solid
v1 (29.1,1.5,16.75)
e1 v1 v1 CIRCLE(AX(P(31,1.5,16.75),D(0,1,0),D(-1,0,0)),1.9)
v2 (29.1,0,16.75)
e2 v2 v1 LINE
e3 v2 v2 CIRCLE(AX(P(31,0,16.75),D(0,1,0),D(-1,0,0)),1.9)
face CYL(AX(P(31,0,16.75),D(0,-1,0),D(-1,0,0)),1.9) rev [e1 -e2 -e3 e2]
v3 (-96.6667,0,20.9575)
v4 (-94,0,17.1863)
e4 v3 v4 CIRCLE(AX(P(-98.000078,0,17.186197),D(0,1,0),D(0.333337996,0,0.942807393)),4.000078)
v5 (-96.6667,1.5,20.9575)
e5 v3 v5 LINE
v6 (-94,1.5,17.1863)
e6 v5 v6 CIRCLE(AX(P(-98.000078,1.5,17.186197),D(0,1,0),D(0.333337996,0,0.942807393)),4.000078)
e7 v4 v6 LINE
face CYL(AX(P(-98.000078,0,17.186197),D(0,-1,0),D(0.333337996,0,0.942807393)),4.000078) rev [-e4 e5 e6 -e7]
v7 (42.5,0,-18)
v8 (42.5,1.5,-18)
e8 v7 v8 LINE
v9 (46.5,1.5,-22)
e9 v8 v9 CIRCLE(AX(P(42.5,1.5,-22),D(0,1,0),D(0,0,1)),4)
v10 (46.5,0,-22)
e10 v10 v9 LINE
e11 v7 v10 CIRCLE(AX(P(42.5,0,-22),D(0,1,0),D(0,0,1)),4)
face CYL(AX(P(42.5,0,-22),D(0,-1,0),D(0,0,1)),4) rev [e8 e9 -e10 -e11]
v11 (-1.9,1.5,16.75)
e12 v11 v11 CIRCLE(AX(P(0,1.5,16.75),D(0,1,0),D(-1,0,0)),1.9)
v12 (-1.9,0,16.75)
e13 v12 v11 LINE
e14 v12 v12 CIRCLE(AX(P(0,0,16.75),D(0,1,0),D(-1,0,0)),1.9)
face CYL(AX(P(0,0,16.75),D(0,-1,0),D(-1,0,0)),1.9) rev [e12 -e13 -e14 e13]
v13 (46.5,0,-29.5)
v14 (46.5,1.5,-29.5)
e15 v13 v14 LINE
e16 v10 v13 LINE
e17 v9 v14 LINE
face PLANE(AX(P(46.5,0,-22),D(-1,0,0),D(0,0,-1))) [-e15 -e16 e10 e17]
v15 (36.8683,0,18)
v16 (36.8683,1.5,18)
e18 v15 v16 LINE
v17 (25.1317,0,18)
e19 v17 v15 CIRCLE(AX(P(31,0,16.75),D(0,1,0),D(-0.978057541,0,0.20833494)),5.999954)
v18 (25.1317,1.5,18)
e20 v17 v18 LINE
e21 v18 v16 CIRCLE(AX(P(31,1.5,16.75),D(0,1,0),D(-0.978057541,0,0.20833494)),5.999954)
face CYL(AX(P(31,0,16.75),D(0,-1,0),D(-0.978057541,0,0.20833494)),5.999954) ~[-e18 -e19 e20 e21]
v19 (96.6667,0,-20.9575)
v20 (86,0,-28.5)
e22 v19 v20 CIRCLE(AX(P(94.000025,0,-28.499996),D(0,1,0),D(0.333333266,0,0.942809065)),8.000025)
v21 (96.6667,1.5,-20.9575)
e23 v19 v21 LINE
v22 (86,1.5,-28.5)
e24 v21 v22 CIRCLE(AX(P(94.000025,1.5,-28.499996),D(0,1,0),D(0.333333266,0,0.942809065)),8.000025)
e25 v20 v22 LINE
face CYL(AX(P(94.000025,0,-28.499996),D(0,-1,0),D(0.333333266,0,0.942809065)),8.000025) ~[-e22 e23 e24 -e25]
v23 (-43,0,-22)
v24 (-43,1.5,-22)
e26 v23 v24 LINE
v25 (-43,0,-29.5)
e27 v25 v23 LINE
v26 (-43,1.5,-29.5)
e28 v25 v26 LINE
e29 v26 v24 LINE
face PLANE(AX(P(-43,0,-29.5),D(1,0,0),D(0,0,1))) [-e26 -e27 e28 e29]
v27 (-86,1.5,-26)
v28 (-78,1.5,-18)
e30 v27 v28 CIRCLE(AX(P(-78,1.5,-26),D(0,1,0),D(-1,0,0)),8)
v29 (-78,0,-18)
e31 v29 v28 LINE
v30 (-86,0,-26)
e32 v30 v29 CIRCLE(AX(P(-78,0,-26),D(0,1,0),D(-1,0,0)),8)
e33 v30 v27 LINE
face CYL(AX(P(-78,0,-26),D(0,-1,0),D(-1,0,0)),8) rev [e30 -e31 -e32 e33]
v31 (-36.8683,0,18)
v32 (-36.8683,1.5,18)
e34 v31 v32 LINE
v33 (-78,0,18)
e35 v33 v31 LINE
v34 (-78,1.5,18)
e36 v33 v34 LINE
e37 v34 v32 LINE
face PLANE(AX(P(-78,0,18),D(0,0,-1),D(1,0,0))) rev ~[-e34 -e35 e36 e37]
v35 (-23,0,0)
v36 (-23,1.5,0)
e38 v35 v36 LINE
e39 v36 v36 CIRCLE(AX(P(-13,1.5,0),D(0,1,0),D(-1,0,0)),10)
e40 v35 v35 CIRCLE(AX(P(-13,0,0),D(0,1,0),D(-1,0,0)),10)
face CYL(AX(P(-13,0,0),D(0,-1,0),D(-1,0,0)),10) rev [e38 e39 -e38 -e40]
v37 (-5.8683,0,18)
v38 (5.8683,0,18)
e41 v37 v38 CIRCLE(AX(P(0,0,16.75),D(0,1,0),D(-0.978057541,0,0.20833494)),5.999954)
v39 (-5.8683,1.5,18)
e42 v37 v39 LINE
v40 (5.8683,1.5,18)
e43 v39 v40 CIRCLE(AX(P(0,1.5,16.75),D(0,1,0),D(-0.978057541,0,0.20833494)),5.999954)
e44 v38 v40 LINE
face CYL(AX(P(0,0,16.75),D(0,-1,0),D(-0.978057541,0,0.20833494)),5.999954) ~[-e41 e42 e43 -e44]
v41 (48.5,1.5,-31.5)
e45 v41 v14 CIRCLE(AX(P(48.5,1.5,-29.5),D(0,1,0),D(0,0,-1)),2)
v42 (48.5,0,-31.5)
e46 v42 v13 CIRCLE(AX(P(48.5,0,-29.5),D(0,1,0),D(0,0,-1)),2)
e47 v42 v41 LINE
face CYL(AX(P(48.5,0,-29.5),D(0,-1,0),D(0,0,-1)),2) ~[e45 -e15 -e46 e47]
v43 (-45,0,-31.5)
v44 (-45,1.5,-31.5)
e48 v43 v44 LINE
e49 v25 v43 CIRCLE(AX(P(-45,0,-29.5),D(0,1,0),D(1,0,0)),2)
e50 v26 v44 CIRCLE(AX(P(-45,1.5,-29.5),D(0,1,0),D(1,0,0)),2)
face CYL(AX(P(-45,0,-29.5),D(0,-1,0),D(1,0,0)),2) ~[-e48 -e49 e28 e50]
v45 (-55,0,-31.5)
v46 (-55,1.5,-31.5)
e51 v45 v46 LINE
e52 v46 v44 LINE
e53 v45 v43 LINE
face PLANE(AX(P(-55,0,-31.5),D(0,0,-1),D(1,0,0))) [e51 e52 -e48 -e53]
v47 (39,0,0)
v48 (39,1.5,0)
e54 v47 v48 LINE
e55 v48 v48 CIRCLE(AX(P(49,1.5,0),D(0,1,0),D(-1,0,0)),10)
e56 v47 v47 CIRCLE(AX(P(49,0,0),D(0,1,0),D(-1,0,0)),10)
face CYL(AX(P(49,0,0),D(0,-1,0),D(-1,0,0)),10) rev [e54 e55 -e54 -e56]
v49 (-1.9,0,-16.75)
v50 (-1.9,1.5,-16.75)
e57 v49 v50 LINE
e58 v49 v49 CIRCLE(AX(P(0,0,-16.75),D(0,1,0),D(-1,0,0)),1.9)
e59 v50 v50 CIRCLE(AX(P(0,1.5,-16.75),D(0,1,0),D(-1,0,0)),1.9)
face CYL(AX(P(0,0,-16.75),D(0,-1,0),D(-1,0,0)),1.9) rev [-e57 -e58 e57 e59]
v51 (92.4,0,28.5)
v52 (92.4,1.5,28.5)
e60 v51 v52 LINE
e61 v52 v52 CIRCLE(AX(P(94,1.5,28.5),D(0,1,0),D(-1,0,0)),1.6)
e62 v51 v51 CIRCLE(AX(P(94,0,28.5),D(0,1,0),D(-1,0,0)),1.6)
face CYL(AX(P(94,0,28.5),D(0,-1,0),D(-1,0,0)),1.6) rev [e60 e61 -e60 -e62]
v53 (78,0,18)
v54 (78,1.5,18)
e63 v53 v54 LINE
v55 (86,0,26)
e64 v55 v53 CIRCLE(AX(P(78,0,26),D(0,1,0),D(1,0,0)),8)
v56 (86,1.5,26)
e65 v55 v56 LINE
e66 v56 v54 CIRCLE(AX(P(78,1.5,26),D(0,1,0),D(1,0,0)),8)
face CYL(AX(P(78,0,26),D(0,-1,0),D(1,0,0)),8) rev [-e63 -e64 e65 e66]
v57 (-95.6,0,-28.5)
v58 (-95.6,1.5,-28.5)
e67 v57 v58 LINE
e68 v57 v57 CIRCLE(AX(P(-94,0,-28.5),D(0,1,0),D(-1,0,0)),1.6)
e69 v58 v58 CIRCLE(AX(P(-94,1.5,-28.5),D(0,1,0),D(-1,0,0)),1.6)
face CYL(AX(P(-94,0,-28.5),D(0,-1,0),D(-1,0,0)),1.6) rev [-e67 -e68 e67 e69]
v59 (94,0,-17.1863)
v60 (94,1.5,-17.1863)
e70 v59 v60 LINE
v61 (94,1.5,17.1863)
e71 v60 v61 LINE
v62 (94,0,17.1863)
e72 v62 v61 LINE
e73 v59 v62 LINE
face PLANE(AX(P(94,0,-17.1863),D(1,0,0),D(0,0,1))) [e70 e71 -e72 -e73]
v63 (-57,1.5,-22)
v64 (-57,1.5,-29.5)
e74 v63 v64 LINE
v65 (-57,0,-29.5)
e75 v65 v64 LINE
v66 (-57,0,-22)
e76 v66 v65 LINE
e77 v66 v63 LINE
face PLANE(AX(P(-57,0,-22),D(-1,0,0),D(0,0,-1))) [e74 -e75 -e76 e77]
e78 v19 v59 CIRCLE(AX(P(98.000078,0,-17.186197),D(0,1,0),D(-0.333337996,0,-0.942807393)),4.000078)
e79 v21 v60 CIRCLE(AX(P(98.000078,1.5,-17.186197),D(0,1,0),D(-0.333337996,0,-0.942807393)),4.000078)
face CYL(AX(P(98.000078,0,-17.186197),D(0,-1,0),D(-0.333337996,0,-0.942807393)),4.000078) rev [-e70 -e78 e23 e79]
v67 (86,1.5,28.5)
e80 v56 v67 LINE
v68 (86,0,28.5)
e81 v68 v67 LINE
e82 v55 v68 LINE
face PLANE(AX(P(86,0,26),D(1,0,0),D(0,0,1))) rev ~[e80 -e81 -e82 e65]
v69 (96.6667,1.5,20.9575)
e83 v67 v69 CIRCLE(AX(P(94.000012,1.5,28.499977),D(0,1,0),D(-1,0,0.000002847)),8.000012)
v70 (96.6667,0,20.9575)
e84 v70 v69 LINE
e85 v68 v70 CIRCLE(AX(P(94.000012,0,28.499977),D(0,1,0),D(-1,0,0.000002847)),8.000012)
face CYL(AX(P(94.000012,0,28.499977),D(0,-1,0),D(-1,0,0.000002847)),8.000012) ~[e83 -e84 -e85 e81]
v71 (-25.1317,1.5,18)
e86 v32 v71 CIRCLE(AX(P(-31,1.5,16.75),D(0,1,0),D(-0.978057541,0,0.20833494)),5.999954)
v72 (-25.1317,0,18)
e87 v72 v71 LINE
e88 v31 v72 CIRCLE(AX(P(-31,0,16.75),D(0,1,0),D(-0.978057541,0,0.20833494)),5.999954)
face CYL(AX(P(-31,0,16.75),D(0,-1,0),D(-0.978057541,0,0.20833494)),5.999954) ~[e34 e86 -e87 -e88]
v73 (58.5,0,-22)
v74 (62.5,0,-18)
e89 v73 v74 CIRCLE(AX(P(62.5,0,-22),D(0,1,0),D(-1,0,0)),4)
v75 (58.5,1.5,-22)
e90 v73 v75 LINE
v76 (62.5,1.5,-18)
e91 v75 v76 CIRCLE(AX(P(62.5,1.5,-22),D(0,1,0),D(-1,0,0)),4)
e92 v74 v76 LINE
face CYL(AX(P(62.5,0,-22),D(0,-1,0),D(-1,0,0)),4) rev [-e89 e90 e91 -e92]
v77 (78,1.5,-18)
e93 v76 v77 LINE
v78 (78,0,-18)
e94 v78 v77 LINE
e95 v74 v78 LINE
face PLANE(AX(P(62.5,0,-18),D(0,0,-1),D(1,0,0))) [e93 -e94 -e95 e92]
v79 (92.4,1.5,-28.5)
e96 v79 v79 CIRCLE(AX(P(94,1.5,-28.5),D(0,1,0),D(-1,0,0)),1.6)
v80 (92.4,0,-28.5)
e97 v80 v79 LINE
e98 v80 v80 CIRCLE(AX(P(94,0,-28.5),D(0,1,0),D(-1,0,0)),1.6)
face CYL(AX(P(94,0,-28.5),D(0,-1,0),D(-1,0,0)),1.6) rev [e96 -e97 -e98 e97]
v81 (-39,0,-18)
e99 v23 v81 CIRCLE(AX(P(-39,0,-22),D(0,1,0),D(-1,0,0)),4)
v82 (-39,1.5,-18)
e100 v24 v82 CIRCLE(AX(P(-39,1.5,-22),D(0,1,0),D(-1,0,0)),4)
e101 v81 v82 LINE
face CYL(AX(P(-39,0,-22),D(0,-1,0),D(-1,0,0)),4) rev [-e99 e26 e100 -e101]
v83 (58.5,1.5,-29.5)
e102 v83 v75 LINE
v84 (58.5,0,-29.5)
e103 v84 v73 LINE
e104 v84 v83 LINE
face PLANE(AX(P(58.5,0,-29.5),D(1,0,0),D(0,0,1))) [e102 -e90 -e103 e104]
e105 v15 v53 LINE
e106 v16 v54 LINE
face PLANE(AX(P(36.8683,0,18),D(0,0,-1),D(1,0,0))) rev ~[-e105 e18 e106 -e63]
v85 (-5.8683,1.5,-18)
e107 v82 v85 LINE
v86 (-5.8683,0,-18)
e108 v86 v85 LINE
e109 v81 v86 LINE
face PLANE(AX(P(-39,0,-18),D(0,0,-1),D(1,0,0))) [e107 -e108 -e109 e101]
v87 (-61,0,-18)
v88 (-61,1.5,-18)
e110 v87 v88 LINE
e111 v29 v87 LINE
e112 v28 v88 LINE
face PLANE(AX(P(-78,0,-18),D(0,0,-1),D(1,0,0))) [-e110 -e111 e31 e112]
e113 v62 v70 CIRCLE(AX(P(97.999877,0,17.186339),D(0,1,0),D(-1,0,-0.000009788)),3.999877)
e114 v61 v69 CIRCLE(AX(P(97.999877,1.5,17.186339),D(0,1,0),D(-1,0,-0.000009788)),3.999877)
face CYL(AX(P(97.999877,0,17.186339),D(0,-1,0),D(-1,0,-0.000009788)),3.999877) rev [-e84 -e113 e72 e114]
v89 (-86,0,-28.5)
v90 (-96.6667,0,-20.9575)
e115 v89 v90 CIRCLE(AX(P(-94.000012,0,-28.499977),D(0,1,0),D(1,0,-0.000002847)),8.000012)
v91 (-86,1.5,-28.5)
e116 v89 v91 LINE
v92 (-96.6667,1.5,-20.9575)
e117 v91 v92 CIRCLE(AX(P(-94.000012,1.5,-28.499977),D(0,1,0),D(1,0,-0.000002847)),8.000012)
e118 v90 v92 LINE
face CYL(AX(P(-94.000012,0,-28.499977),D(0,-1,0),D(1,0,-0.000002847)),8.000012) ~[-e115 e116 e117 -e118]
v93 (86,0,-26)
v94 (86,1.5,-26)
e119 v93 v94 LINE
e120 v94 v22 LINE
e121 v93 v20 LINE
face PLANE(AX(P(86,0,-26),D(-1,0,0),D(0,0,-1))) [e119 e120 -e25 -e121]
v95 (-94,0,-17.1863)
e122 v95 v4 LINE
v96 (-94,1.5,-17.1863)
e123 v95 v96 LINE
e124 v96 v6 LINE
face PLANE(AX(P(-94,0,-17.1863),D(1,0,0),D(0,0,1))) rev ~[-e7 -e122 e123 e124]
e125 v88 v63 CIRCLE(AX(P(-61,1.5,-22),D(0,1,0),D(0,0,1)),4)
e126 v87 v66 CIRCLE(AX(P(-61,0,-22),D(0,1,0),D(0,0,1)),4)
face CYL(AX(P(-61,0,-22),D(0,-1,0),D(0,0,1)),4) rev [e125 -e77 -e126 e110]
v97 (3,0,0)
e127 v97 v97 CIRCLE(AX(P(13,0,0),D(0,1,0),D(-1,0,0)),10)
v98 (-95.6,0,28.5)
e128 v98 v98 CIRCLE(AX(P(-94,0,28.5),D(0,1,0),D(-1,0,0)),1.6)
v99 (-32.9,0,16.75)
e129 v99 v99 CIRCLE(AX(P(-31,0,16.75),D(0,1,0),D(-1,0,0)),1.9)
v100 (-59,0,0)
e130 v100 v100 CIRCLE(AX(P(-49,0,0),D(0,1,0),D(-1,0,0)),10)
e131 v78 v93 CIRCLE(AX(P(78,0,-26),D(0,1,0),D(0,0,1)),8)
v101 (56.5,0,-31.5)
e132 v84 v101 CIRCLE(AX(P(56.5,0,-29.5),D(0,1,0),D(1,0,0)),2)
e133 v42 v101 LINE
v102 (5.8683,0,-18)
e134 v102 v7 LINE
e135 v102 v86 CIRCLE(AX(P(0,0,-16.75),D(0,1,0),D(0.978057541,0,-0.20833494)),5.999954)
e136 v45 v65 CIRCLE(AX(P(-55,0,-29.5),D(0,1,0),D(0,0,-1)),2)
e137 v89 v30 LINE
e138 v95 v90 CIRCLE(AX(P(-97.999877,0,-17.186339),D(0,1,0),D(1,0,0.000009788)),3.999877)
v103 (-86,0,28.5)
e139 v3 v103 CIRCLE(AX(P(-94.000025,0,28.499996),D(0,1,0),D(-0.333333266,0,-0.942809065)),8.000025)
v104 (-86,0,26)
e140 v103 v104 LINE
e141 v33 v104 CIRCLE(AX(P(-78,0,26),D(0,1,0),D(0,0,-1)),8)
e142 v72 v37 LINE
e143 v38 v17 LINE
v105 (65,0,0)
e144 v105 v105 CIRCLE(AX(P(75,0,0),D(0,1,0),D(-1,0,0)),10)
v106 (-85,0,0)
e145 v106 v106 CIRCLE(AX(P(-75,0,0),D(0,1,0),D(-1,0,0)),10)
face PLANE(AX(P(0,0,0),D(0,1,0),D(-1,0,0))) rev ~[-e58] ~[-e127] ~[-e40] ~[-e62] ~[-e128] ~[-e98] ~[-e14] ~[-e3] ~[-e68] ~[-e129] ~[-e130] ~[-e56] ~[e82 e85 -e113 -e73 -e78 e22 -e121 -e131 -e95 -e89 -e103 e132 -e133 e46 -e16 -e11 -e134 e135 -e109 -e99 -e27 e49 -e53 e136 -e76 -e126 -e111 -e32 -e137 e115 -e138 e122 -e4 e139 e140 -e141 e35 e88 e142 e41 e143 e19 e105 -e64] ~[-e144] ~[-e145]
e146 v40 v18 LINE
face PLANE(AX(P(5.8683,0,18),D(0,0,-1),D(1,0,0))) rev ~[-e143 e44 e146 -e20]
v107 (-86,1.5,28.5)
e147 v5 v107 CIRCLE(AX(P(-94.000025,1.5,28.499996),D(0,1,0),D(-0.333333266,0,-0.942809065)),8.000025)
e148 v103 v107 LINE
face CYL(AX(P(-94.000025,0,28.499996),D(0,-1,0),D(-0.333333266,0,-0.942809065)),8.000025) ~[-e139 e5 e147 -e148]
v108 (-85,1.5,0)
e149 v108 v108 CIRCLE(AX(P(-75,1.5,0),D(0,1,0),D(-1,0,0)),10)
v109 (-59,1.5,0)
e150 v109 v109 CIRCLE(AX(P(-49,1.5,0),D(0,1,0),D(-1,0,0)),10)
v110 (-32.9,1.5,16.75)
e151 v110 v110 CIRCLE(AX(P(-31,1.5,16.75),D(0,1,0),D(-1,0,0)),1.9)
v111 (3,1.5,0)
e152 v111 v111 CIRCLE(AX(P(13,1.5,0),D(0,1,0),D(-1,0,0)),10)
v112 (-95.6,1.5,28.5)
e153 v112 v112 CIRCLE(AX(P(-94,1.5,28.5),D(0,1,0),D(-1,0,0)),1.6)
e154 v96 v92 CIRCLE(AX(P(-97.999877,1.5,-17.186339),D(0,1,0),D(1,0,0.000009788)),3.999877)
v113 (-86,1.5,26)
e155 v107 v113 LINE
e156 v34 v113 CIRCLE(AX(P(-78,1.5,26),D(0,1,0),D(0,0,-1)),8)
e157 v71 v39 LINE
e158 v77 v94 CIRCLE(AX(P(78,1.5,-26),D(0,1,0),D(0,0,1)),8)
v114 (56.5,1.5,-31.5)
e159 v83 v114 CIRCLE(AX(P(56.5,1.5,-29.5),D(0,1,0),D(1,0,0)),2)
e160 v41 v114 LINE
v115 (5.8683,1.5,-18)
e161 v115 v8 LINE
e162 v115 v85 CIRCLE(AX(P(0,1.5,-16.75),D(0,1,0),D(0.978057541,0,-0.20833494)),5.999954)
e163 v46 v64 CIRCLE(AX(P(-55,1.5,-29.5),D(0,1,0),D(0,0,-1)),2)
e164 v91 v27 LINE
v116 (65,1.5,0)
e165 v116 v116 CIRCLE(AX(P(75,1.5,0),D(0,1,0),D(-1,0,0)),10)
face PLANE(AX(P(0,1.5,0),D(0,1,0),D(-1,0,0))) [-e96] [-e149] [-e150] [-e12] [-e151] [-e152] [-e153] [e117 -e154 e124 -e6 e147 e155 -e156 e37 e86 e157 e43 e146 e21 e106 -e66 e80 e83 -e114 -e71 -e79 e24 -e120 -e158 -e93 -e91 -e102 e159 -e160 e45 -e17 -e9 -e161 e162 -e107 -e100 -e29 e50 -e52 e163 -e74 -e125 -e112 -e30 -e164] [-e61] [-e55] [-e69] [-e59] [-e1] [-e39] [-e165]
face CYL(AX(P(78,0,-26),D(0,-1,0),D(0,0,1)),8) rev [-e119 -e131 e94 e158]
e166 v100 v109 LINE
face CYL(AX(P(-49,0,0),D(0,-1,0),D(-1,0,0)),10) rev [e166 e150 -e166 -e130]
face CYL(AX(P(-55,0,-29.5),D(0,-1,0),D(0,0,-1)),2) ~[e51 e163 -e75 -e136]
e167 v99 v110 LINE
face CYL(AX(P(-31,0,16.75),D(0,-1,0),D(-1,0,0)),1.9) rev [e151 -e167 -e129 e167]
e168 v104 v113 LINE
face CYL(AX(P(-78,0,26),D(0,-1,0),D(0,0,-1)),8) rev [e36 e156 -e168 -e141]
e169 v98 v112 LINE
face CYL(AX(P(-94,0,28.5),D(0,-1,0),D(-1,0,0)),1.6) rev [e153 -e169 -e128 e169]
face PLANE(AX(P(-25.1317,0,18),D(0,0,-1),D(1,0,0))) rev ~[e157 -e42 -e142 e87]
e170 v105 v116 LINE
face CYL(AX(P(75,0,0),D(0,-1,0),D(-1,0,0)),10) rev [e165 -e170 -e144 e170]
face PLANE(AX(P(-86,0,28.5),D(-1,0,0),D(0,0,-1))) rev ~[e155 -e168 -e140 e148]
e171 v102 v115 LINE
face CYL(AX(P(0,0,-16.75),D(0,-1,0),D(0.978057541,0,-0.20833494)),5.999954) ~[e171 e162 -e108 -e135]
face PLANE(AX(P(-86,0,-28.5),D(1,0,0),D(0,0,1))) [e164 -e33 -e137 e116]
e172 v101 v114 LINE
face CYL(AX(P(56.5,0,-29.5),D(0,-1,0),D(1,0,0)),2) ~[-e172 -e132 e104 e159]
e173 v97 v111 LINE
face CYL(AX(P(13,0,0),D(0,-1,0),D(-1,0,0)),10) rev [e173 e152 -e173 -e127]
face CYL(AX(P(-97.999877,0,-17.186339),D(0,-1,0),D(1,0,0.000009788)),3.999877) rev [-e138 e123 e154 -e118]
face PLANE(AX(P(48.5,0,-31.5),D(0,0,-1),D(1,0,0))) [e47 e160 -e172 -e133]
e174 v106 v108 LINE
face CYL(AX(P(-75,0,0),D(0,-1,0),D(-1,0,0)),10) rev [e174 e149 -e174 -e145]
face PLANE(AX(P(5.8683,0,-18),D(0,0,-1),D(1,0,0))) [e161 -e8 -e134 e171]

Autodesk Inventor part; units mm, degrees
ref_plane "YZ Plane" through (0, 0, 0) normal (1, 0, 0) x (0, 1, 0)
ref_plane "XZ Plane" through (0, 0, 0) normal (0, 1, 0) x (-1, 0, 0)
ref_plane "XY Plane" through (0, 0, 0) normal (0, 0, 1) x (1, 0, 0)
sketch "Sketch1" plane through (0, 0, 0) normal (0, 1, 0) x (-1, 0, 0)
  line L0 (-94, 28.5) -> (94, 28.5) construction
  line L1 (94, 28.5) -> (94, -28.5) construction
  line L2 (94, -28.5) -> (-94, -28.5) construction
  line L3 (-94, -28.5) -> (-94, 17.1863) construction
  line L4 (-94, 28.5) -> (94, -28.5) construction
  line L5 (94, 28.5) -> (-94, -28.5) construction
  arc A0 (86, -28.5) -> (96.6667, -20.9575) centre (94, -28.5) ccw
  arc A1 (96.6667, 20.9575) -> (86, 28.5) centre (94, 28.5) ccw
  arc A2 (-86, 28.5) -> (-96.6667, 20.9575) centre (-94, 28.5) ccw
  arc A3 (-96.6667, -20.9575) -> (-86, -28.5) centre (-94, -28.5) ccw
  line L6 (94, -17.1863) -> (94, 17.1863)
  line L7 (86, -28.5) -> (86, -26)
  line L8 (-86, -26) -> (-86, -28.5)
  line L9 (86, 28.5) -> (86, 26)
  line L10 (-86, 26) -> (-86, 28.5)
  circle A4 centre (13, 0) radius 10
  circle A5 centre (-13, 0) radius 10
  circle A6 centre (49, 0) radius 10
  circle A7 centre (75, 0) radius 10
  circle A8 centre (-49, 0) radius 10
  circle A9 centre (-75, 0) radius 10
  circle A10 centre (0, -16.75) radius 1.9
  circle A11 centre (0, 16.75) radius 1.9
  circle A12 centre (31, 16.75) radius 1.9
  circle A13 centre (-31, 16.75) radius 1.9
  arc A14 (-5.8683, -18) -> (5.8683, -18) centre (0, -16.75) ccw
  arc A15 (5.8683, 18) -> (-5.8683, 18) centre (0, 16.75) ccw
  arc A16 (36.8683, 18) -> (25.1317, 18) centre (31, 16.75) ccw
  arc A17 (-25.1317, 18) -> (-36.8683, 18) centre (-31, 16.75) ccw
  line L11 (78, -18) -> (61, -18)
  line L12 (-5.8683, -18) -> (-42.5, -18)
  line L13 (78, 18) -> (36.8683, 18)
  line L14 (25.1317, 18) -> (5.8683, 18)
  line L15 (-5.8683, 18) -> (-25.1317, 18)
  line L16 (-36.8683, 18) -> (-78, 18)
  arc A18 (86, -26) -> (78, -18) centre (78, -26) ccw
  arc A19 (78, 18) -> (86, 26) centre (78, 26) ccw
  arc A20 (-86, 26) -> (-78, 18) centre (-78, 26) ccw
  arc A21 (-78, -18) -> (-86, -26) centre (-78, -26) ccw
  arc A22 (94, -17.1863) -> (96.6667, -20.9575) centre (98, -17.1863) ccw
  arc A23 (96.6667, 20.9575) -> (94, 17.1863) centre (98, 17.1863) ccw
  arc A24 (-96.6667, -20.9575) -> (-94, -17.1863) centre (-98, -17.1863) ccw
  arc A25 (-94, 17.1863) -> (-96.6667, 20.9575) centre (-98, 17.1863) ccw
  circle A26 centre (94, -28.5) radius 1.6
  circle A27 centre (94, 28.5) radius 1.6
  circle A28 centre (-94, 28.5) radius 1.6
  circle A29 centre (-94, -28.5) radius 1.6
  line L17 (-94, -17.1863) -> (-94, 17.1863)
  line L18 (57, -22) -> (57, -29.5)
  line L19 (55, -31.5) -> (45, -31.5)
  line L20 (43, -29.5) -> (43, -22)
  line L21 (-46.5, -22) -> (-46.5, -29.5)
  line L22 (-48.5, -31.5) -> (-56.5, -31.5)
  line L23 (-58.5, -29.5) -> (-58.5, -22)
  line L24 (39, -18) -> (5.8683, -18)
  line L25 (-62.5, -18) -> (-78, -18)
  arc A30 (55, -31.5) -> (57, -29.5) centre (55, -29.5) ccw
  arc A31 (43, -29.5) -> (45, -31.5) centre (45, -29.5) ccw
  arc A32 (-48.5, -31.5) -> (-46.5, -29.5) centre (-48.5, -29.5) ccw
  arc A33 (-58.5, -29.5) -> (-56.5, -31.5) centre (-56.5, -29.5) ccw
  arc A34 (61, -18) -> (57, -22) centre (61, -22) ccw
  arc A35 (43, -22) -> (39, -18) centre (39, -22) ccw
  arc A36 (-42.5, -18) -> (-46.5, -22) centre (-42.5, -22) ccw
  arc A37 (-58.5, -22) -> (-62.5, -18) centre (-62.5, -22) ccw
  point P0 (0, 0)
  point P1 (94, 20.5)
  point P2 (-94, -20.5)
  point P3 (94, -20.5)
  point P4 (0, 0)
  point P5 (0, 0)
  point P6 (50, -31.5)
  point P7 (-52.5, -31.5)
  point P8 (57, -31.5)
  point P9 (43, -31.5)
  point P10 (43, -18)
  point P11 (-46.5, -31.5)
  point P12 (-58.5, -31.5)
  point P13 (-58.5, -18)
  point P14 (-52.5, -31.5)
  point P15 (50, -31.5)
  dimension "d0" = 188
  dimension "d1" = 57
  dimension "d2" = 20
  dimension "d3" = 26
  dimension "d4" = 13
  dimension "d5" = 36
  dimension "d6" = 26
  dimension "d7" = 36
  dimension "d8" = 26
  dimension "d9" = 8
  dimension "d10" = 16.75
  dimension "d11" = 3.8
  dimension "d12" = 16.75
  dimension "d13" = 31
  dimension "d14" = 31
  dimension "d15" = 12
  dimension "d16" = 18
  dimension "d17" = 18
  dimension "d18" = 8
  dimension "d19" = 4
  dimension "d20" = 3.2
  dimension "d23" = 50
  dimension "d24" = 52.5
  dimension "d25" = 31.5
  dimension "d26" = 14
  dimension "d27" = 12
  dimension "d28" = 2
  dimension "d29" = 4
extrude "Extrusion1" add sketch "Sketch1" along normal blind 1.5
equation "\"d4\" = 0.5 * d3"
equation "\"d6\" = d3"
equation "\"d7\" = d5"
equation "\"d8\" = d3"
equation "\"d12\" = d10"
equation "\"d17\" = d16"
properties part number "Cover"
